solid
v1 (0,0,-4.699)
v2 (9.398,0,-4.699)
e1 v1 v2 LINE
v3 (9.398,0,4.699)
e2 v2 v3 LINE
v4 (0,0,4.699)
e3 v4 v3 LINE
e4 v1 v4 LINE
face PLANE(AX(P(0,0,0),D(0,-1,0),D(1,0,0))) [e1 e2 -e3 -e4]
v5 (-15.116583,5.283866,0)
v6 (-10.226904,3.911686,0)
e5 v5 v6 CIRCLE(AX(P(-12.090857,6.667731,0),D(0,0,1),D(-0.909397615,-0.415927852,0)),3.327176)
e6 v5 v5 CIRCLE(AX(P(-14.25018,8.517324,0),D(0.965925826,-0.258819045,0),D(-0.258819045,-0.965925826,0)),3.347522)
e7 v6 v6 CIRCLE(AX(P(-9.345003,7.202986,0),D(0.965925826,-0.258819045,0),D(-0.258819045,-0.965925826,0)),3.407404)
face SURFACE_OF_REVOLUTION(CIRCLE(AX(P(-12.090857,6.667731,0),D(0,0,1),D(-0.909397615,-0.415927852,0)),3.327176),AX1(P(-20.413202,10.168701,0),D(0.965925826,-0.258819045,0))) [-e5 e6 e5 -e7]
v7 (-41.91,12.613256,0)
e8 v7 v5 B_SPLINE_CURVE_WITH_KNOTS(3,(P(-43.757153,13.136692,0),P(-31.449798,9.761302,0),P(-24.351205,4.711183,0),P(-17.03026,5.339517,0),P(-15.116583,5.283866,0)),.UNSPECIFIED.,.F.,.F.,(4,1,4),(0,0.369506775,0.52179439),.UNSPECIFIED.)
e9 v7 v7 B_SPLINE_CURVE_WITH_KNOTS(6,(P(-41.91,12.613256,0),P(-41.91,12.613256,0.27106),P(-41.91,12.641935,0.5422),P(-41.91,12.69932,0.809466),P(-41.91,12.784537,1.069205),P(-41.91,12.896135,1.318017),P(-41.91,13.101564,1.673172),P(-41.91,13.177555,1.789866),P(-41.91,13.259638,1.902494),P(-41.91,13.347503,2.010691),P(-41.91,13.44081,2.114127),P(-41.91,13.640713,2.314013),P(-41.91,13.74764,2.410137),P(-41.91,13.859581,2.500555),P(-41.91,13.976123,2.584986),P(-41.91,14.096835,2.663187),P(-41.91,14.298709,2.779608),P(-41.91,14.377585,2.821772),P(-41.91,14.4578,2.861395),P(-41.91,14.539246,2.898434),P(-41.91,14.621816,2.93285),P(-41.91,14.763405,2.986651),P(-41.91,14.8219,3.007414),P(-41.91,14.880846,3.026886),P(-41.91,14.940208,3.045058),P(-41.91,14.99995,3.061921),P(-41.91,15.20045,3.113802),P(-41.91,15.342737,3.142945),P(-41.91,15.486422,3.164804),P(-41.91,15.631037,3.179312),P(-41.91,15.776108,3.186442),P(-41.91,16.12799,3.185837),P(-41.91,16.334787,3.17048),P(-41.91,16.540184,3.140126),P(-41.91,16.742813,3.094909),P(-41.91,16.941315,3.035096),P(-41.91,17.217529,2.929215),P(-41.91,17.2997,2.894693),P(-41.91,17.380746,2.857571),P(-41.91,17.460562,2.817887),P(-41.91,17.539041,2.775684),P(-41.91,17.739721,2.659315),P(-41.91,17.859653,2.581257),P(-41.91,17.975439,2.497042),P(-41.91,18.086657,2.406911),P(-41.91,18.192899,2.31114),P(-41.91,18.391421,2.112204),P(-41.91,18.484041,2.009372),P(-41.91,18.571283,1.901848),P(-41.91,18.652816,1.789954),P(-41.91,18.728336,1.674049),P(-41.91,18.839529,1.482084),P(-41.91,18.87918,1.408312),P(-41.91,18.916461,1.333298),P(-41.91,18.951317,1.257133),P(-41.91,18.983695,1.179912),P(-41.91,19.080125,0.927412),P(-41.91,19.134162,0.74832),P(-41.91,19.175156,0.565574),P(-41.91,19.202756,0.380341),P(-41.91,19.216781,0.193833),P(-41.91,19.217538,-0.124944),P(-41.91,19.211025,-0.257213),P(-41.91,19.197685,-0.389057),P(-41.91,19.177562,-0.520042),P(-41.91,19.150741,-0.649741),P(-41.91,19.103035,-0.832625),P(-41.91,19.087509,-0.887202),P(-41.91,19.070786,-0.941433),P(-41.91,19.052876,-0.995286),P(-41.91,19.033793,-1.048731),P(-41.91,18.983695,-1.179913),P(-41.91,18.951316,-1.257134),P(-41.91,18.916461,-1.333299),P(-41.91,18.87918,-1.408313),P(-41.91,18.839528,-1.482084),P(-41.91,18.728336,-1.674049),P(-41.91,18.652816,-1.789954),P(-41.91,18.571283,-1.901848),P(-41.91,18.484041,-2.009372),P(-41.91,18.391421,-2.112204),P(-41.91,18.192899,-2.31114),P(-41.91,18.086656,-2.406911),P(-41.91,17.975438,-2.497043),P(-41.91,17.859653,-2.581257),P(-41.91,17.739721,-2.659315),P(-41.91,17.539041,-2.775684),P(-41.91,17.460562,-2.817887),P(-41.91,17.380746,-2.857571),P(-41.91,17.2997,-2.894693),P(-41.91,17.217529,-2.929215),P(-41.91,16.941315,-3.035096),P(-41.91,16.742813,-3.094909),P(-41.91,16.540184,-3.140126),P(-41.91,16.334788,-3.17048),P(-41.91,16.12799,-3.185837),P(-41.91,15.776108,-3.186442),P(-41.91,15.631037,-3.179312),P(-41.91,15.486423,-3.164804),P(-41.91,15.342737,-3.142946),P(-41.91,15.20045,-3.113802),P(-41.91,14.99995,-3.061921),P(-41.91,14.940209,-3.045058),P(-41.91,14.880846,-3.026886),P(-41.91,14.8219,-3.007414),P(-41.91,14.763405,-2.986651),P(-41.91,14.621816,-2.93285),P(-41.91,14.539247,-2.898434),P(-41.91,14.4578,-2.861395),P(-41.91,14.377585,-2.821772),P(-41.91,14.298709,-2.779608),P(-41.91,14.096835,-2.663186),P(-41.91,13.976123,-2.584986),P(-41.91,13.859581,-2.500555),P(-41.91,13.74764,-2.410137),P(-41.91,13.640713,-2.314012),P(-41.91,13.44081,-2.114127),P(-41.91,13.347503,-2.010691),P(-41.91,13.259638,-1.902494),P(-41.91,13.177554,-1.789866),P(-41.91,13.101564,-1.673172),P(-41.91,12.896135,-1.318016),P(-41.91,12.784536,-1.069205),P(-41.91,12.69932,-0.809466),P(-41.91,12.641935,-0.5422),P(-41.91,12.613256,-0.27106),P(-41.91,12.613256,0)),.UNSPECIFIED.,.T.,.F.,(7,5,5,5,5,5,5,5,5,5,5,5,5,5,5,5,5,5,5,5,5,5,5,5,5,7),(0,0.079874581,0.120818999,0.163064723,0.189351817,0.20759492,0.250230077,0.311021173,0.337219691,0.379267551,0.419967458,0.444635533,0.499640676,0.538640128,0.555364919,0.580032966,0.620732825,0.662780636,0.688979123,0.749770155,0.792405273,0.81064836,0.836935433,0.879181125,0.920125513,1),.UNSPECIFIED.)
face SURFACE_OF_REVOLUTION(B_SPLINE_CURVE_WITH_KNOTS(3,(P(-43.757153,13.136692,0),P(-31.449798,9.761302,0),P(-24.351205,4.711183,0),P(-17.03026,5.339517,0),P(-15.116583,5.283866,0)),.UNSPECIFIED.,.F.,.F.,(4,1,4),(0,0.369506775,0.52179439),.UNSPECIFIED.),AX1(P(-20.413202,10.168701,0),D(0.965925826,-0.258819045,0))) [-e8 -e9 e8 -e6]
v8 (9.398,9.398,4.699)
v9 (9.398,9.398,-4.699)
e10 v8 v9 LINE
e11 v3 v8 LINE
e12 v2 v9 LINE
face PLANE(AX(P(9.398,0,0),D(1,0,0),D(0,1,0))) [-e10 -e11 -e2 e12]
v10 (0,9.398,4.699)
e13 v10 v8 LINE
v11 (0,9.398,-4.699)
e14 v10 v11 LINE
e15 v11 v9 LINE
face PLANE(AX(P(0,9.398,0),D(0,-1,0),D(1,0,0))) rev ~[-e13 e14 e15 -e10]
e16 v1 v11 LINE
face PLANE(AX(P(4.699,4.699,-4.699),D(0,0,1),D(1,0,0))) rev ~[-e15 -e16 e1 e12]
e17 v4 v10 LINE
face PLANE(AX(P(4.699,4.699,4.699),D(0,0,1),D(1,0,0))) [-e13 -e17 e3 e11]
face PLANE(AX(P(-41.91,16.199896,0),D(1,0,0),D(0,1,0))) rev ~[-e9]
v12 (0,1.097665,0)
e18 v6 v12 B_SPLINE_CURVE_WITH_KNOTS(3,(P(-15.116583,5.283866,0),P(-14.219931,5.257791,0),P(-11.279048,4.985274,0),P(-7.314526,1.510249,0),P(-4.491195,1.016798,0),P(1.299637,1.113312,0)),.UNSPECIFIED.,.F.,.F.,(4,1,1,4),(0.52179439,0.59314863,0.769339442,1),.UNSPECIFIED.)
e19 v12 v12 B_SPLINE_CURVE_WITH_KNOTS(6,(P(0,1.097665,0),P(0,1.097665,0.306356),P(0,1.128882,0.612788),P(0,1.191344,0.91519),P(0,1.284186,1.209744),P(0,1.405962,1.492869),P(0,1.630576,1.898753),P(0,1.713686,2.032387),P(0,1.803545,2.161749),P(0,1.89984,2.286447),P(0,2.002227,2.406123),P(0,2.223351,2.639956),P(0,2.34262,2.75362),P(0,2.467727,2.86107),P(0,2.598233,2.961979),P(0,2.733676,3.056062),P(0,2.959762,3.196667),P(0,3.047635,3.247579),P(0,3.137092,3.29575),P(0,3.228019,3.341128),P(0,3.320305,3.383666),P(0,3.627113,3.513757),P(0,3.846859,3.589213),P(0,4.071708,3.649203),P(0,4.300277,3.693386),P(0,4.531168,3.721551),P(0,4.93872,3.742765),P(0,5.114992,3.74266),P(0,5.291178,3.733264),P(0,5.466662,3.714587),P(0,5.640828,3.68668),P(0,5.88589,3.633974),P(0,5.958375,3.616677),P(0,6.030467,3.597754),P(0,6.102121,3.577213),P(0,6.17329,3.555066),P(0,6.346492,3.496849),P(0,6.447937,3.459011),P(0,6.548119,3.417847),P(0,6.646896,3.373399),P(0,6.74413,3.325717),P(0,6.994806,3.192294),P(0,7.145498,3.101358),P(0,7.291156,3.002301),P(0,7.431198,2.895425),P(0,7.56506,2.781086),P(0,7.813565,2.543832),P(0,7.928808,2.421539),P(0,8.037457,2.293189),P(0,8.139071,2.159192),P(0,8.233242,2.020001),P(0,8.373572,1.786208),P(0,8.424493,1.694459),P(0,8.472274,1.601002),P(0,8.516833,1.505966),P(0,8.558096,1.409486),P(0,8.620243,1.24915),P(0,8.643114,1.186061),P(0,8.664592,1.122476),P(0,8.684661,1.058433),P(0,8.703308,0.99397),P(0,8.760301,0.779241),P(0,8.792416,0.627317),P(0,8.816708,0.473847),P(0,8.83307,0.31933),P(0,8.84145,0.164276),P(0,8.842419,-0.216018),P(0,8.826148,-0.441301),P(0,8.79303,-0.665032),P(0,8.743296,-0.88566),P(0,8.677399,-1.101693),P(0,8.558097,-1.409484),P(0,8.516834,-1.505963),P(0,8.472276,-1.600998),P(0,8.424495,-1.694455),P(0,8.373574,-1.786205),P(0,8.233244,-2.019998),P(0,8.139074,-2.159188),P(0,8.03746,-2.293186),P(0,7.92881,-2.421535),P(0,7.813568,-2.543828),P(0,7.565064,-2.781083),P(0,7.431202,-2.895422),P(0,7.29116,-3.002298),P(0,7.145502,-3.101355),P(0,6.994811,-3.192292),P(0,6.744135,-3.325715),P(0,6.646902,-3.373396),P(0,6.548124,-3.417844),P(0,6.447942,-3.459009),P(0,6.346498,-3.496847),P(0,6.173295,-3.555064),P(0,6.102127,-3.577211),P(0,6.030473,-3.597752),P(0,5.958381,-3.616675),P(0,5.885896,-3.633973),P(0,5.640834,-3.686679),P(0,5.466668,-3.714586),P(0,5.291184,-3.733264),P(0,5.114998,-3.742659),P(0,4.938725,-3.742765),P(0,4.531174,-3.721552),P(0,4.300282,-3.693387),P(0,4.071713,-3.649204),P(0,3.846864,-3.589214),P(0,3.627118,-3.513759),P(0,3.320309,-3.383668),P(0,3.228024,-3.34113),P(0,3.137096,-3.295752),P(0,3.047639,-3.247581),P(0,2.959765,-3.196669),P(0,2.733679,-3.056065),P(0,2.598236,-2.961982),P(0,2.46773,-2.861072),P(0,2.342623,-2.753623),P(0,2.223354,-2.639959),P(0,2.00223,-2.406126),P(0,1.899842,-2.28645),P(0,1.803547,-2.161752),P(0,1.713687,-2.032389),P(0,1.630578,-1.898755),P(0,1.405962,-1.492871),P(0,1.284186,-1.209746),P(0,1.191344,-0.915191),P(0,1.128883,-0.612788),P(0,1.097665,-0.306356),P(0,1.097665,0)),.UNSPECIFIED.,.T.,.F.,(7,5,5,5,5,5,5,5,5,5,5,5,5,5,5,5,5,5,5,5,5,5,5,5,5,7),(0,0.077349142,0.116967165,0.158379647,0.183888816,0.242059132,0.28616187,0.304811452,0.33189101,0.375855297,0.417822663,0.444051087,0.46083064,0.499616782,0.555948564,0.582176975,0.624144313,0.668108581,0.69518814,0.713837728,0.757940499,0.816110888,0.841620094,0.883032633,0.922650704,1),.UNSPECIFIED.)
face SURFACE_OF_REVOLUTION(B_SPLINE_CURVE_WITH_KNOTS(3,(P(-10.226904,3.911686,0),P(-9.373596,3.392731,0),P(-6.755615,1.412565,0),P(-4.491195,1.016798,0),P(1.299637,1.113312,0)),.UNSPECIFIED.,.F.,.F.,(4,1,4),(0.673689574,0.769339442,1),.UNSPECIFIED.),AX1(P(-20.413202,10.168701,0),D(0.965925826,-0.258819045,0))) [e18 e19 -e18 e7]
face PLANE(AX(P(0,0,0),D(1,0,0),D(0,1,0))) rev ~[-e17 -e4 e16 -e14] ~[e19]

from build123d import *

# Parameters (mm, degrees)
F0_W     = 9.398
F0_H     = 9.398
F1_DEPTH = 4.699
F5_R     = 6.4204248834
F6_DEPTH = 1.8481535467


with BuildPart() as f1:
    # F0 (on Top) → F1 (new body, symmetric)
    with BuildSketch(Plane.XY):
        with Locations((4.699, 4.699)):
            Rectangle(F0_W, F0_H)
    extrude(amount=F1_DEPTH, both=True)

    # F2 (on Top) → F3 (revolve)
    with BuildSketch(Plane.XY):
        with BuildLine():
            Line((2.1089997974, 4.1338952074), (-42.9354029785, 16.2035065548))
            Line((-42.9354029785, 16.2035065548), (-43.7571534467, 13.1366920563))
            add(Edge.make_bspline(
                [(-43.7571534467, 13.1366920563), (-31.4497982907, 9.7613016894), (-24.351204811, 4.7111827292), (-17.0302603516, 5.3395174522), (-15.1165829072, 5.2838661547)],
                knots=[0, 0, 0, 0, 0.3695067748, 0.5217943897, 0.5217943897, 0.5217943897, 0.5217943897], degree=3))
            add(Edge.make_bspline(
                [(-15.1165829072, 5.2838661547), (-14.2199308743, 5.2577907838), (-12.4153866633, 5.090572736), (-10.9454237567, 4.3486670485), (-10.2269043728, 3.911686346)],
                knots=[0.5217943897, 0.5217943897, 0.5217943897, 0.5217943897, 0.5931486296, 0.6736895744, 0.6736895744, 0.6736895744, 0.6736895744], degree=3))
            add(Edge.make_bspline(
                [(-10.2269043728, 3.911686346), (-9.3735957348, 3.3927310938), (-6.755614661, 1.4125647276), (-4.4911950827, 1.0167984292), (1.2996370206, 1.1133122025)],
                knots=[0.6736895744, 0.6736895744, 0.6736895744, 0.6736895744, 0.769339442, 1, 1, 1, 1], degree=3))
            Line((1.2996370206, 1.1133122025), (2.1089997974, 4.1338952074))
        make_face()
        with BuildLine():
            add(Edge.make_bspline(
                [(-15.1165829072, 5.2838661547), (-14.2199308743, 5.2577907838), (-12.4153866633, 5.090572736), (-10.9454237567, 4.3486670485), (-10.2269043728, 3.911686346)],
                knots=[0.5217943897, 0.5217943897, 0.5217943897, 0.5217943897, 0.5931486296, 0.6736895744, 0.6736895744, 0.6736895744, 0.6736895744], degree=3))
            ThreePointArc((-15.1165829072, 5.2838661547), (-12.9898277475, 3.4643030547), (-10.2269043728, 3.911686346))
        make_face()
    revolve(axis=Axis((-20.4132015906, 10.1687008811, 0), (0.9659258263, -0.2588190451, 0)))

    # F5 (on offset) → F6 (cut, through all)
    with BuildSketch(Plane.YZ.offset(-41.91)):
        with Locations((16.1998961121, 0)):
            Circle(F5_R)
    extrude(amount=-F6_DEPTH, mode=Mode.SUBTRACT)


solid = f1.part
